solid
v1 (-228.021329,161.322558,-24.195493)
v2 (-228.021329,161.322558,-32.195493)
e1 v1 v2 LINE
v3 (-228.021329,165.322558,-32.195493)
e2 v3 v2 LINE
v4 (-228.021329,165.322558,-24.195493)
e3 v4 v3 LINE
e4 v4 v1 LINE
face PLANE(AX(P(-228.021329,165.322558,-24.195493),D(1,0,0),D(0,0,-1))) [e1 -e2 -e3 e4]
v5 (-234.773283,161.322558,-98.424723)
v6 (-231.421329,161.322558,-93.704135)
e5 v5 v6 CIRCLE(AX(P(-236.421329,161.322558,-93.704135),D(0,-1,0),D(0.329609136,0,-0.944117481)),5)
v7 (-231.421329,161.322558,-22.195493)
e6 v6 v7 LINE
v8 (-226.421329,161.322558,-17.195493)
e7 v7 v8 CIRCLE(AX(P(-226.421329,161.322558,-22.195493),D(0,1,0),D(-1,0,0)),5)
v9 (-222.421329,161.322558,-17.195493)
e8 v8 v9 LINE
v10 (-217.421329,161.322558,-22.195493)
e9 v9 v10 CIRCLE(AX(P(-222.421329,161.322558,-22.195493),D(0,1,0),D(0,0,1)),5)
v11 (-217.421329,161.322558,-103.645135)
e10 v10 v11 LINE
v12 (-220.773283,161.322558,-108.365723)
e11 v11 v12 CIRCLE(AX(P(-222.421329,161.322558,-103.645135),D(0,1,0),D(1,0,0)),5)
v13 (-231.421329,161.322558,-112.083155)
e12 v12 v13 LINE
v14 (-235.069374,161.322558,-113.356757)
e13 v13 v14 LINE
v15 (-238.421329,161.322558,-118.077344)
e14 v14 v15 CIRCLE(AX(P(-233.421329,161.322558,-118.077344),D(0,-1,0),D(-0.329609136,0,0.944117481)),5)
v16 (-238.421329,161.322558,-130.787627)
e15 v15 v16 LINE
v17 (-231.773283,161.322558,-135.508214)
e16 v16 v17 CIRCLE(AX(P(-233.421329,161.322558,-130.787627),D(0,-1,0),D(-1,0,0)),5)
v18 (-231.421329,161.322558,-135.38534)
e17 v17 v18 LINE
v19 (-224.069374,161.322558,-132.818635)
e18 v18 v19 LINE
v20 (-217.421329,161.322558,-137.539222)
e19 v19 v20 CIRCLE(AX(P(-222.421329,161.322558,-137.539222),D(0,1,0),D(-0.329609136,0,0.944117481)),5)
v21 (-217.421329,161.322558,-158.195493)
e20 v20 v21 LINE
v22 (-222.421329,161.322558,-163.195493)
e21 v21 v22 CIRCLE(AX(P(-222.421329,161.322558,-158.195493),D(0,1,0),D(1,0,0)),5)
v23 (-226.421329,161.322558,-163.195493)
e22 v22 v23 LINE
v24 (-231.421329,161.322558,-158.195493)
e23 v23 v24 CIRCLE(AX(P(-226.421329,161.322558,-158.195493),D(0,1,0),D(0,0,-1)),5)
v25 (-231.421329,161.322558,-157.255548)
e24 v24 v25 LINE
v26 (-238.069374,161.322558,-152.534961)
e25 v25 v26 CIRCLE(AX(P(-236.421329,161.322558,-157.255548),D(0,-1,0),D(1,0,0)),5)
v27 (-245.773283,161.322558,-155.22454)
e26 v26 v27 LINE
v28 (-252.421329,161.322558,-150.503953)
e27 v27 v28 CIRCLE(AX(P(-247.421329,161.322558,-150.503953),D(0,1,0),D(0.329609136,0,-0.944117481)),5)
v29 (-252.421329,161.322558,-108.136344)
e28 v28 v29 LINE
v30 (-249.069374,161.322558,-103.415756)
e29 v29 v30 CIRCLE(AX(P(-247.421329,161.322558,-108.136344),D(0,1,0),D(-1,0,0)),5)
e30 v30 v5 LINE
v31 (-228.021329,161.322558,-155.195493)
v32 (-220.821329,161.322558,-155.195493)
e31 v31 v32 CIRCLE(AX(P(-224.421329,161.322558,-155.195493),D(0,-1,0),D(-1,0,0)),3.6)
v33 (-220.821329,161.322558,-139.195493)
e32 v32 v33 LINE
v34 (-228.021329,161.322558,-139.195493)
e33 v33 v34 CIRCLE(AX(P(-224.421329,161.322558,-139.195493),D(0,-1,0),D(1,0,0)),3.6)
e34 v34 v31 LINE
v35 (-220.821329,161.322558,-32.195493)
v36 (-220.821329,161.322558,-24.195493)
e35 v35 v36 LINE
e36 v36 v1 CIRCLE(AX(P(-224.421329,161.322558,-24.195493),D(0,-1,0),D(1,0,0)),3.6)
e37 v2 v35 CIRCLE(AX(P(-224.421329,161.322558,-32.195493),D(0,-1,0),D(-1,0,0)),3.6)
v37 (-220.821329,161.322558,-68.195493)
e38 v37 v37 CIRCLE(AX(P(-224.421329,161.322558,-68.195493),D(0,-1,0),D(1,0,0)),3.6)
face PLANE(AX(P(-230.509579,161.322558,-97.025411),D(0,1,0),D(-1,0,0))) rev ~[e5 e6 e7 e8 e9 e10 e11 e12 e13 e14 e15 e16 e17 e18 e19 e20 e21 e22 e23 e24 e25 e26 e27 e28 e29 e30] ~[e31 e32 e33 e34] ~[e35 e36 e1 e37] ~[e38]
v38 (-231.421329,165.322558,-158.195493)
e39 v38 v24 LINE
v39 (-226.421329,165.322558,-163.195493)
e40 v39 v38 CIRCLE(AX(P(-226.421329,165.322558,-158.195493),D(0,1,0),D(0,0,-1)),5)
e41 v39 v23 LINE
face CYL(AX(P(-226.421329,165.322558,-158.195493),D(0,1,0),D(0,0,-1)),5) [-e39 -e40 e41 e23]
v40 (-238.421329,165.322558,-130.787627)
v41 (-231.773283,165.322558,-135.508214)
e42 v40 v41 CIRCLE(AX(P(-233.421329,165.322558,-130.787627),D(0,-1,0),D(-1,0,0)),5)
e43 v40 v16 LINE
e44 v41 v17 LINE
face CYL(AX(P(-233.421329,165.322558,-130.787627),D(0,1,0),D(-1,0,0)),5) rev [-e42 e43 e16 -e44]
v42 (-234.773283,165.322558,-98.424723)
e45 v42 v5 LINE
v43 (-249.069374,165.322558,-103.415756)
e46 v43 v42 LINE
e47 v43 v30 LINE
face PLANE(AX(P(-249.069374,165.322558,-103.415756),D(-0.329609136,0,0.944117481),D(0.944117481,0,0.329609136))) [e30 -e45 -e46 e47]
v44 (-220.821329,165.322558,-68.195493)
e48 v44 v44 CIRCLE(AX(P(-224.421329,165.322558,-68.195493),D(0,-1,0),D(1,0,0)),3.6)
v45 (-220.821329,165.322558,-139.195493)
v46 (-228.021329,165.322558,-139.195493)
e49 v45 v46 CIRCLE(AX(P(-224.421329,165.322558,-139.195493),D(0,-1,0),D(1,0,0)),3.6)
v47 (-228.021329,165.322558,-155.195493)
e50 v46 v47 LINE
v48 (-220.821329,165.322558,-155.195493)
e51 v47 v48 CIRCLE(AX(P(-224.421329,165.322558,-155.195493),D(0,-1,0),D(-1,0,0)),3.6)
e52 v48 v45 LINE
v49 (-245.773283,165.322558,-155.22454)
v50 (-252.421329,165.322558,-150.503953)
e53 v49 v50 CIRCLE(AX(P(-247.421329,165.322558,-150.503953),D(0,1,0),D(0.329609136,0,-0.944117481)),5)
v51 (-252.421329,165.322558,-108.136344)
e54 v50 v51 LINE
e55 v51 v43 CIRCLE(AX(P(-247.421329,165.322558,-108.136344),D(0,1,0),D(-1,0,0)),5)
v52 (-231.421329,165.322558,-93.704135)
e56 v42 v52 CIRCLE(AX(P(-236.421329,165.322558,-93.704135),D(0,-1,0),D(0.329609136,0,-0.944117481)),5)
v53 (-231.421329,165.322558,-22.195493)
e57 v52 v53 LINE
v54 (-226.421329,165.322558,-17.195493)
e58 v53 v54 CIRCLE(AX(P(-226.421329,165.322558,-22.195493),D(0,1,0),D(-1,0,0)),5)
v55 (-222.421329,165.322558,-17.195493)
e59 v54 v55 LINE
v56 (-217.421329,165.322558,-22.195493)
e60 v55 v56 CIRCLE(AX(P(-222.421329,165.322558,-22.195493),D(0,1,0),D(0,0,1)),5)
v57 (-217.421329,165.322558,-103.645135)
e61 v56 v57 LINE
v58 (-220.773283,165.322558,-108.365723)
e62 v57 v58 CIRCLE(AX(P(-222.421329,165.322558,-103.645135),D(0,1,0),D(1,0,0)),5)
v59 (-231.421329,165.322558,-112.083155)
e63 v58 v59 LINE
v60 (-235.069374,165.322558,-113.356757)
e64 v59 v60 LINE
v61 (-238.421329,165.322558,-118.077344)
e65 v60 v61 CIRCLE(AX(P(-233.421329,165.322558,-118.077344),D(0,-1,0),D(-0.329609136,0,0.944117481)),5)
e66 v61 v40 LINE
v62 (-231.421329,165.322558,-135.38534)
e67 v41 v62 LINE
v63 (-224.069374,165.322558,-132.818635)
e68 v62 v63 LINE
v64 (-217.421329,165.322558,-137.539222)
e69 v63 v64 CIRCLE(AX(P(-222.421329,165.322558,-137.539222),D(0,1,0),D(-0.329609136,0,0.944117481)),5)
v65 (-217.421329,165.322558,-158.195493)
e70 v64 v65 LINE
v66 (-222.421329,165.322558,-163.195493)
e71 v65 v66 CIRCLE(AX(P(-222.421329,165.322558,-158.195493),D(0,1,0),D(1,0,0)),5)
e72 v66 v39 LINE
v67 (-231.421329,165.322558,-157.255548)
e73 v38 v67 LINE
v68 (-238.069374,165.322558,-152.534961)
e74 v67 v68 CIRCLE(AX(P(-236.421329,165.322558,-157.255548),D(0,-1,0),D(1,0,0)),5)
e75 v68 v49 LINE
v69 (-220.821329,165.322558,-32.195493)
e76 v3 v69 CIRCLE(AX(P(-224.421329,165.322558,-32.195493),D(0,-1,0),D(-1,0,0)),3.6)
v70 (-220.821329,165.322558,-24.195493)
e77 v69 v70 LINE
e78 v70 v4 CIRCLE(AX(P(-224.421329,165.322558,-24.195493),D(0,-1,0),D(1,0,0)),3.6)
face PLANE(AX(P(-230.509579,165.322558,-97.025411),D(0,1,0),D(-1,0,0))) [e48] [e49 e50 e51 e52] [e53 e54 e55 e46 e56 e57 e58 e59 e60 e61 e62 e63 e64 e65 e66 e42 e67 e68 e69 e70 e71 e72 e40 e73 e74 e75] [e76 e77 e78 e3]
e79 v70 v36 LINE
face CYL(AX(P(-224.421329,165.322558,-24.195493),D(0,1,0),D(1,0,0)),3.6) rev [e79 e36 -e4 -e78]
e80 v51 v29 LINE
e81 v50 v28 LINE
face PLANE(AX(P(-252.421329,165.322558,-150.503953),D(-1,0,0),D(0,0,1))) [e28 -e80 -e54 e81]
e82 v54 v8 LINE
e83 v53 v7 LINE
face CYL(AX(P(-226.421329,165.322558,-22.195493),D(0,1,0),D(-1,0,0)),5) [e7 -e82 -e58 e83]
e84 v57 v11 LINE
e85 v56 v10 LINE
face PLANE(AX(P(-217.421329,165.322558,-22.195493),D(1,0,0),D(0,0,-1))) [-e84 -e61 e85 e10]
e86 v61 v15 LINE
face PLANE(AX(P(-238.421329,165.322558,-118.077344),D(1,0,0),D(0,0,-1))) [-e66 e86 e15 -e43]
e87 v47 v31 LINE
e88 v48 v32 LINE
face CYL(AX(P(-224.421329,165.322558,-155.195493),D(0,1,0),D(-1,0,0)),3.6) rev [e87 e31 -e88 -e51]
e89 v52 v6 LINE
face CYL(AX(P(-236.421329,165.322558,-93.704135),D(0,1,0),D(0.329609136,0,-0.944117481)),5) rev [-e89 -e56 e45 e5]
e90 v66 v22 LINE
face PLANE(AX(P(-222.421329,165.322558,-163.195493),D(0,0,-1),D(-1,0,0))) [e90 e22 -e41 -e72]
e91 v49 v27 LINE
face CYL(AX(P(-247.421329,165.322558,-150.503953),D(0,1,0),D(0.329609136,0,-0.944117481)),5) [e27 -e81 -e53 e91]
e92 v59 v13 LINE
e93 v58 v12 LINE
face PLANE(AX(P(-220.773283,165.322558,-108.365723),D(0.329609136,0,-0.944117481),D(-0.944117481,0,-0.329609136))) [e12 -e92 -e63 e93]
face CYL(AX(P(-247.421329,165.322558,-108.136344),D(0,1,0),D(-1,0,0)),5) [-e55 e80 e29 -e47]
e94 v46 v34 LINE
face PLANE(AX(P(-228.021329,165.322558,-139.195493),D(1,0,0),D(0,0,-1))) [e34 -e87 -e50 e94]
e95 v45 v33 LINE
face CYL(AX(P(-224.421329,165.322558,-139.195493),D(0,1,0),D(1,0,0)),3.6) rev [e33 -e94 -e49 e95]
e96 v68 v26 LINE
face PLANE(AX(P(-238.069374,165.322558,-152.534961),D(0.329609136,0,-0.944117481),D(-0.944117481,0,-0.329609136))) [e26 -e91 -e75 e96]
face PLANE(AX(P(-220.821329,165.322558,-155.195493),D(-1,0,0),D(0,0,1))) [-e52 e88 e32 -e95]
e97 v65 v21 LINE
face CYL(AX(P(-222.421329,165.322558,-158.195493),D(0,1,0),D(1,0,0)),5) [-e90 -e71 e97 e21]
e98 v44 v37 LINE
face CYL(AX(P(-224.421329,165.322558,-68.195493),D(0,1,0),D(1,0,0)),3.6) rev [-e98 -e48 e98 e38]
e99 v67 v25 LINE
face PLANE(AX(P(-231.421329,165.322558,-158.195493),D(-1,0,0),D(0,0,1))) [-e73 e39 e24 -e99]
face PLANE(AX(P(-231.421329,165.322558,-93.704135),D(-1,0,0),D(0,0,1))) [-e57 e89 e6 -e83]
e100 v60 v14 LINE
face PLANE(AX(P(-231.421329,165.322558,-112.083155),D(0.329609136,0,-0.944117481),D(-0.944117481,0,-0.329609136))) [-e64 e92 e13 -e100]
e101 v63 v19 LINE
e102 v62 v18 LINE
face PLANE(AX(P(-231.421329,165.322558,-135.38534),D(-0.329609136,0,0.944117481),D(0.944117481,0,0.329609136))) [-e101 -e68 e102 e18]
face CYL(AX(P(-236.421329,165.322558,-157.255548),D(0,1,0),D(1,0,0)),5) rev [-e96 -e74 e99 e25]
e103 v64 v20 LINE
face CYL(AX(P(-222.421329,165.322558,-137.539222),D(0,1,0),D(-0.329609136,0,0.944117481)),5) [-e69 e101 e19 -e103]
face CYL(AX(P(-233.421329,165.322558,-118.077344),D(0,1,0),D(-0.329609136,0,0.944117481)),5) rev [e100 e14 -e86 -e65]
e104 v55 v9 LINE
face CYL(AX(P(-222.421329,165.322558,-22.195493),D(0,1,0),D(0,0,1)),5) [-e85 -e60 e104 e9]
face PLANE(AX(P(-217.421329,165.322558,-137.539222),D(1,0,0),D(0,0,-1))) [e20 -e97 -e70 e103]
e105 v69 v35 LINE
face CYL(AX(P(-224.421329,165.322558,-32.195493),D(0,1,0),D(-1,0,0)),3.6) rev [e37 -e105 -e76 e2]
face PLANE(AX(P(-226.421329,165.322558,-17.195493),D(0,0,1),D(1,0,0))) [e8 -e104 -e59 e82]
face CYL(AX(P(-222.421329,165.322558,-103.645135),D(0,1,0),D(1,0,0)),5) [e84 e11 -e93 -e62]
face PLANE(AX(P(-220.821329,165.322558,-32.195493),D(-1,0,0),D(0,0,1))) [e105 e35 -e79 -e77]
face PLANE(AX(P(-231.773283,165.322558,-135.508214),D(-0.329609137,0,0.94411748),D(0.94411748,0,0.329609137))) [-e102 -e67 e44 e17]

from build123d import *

# Parameters (mm, degrees)
SKETCH_1_R      = 3.6
EXTRUDE_1_DEPTH = 4


with BuildPart() as part:
    # Эскиз1 → Бобышка-Вытянуть1 (new body)
    with BuildSketch(Plane.XZ.offset(-165.322557711)):
        with BuildLine():
            Line((-231.421328736, -112.083155458), (-235.069374415, -113.356756687))
            ThreePointArc((-235.069374415, -113.356756687), (-237.498106164, -115.18254085), (-238.421328736, -118.077344091))
            Line((-238.421328736, -118.077344091), (-238.421328736, -130.787626703))
            ThreePointArc((-238.421328736, -130.787626703), (-236.316131977, -134.864404131), (-231.773283057, -135.508214107))
            Line((-231.773283057, -135.508214107), (-231.421328736, -135.385340246))
            Line((-231.421328736, -135.385340246), (-224.069374415, -132.81863498))
            ThreePointArc((-224.069374415, -132.81863498), (-219.526525495, -133.462444956), (-217.421328736, -137.539222384))
            Line((-217.421328736, -137.539222384), (-217.421328736, -158.195492647))
            ThreePointArc((-217.421328736, -158.195492647), (-218.88579483, -161.731026553), (-222.421328736, -163.195492647))
            Line((-222.421328736, -163.195492647), (-226.421328736, -163.195492647))
            ThreePointArc((-226.421328736, -163.195492647), (-229.956862642, -161.731026553), (-231.421328736, -158.195492647))
            Line((-231.421328736, -158.195492647), (-231.421328736, -157.255548243))
            ThreePointArc((-231.421328736, -157.255548243), (-233.526525495, -153.178770815), (-238.069374415, -152.534960839))
            Line((-238.069374415, -152.534960839), (-245.773283057, -155.224539965))
            ThreePointArc((-245.773283057, -155.224539965), (-250.316131977, -154.580729989), (-252.421328736, -150.503952561))
            Line((-252.421328736, -150.503952561), (-252.421328736, -108.136343856))
            ThreePointArc((-252.421328736, -108.136343856), (-251.498106164, -105.241540615), (-249.069374415, -103.415756451))
            Line((-249.069374415, -103.415756451), (-234.773283057, -98.424722589))
            ThreePointArc((-234.773283057, -98.424722589), (-232.344551308, -96.598938425), (-231.421328736, -93.704135185))
            Line((-231.421328736, -93.704135185), (-231.421328736, -22.195492647))
            ThreePointArc((-231.421328736, -22.195492647), (-229.956862642, -18.659958741), (-226.421328736, -17.195492647))
            Line((-226.421328736, -17.195492647), (-222.421328736, -17.195492647))
            ThreePointArc((-222.421328736, -17.195492647), (-218.88579483, -18.659958741), (-217.421328736, -22.195492647))
            Line((-217.421328736, -22.195492647), (-217.421328736, -103.64513542))
            ThreePointArc((-217.421328736, -103.64513542), (-218.344551308, -106.539938661), (-220.773283057, -108.365722824))
            Line((-220.773283057, -108.365722824), (-231.421328736, -112.083155458))
        make_face()
        with Locations((-224.421328736, -68.195492647)):
            Circle(SKETCH_1_R, mode=Mode.SUBTRACT)
        with BuildLine():
            Line((-228.021328736, -139.195492647), (-228.021328736, -155.195492647))
            ThreePointArc((-228.021328736, -155.195492647), (-224.421328736, -158.795492647), (-220.821328736, -155.195492647))
            Line((-220.821328736, -155.195492647), (-220.821328736, -139.195492647))
            ThreePointArc((-220.821328736, -139.195492647), (-224.421328736, -135.595492647), (-228.021328736, -139.195492647))
        make_face(mode=Mode.SUBTRACT)
        with BuildLine():
            Line((-228.021328736, -24.195492647), (-228.021328736, -32.195492647))
            ThreePointArc((-228.021328736, -32.195492647), (-224.421328736, -35.795492647), (-220.821328736, -32.195492647))
            Line((-220.821328736, -32.195492647), (-220.821328736, -24.195492647))
            ThreePointArc((-220.821328736, -24.195492647), (-224.421328736, -20.595492647), (-228.021328736, -24.195492647))
        make_face(mode=Mode.SUBTRACT)
    extrude(amount=EXTRUDE_1_DEPTH)


solid = part.part
